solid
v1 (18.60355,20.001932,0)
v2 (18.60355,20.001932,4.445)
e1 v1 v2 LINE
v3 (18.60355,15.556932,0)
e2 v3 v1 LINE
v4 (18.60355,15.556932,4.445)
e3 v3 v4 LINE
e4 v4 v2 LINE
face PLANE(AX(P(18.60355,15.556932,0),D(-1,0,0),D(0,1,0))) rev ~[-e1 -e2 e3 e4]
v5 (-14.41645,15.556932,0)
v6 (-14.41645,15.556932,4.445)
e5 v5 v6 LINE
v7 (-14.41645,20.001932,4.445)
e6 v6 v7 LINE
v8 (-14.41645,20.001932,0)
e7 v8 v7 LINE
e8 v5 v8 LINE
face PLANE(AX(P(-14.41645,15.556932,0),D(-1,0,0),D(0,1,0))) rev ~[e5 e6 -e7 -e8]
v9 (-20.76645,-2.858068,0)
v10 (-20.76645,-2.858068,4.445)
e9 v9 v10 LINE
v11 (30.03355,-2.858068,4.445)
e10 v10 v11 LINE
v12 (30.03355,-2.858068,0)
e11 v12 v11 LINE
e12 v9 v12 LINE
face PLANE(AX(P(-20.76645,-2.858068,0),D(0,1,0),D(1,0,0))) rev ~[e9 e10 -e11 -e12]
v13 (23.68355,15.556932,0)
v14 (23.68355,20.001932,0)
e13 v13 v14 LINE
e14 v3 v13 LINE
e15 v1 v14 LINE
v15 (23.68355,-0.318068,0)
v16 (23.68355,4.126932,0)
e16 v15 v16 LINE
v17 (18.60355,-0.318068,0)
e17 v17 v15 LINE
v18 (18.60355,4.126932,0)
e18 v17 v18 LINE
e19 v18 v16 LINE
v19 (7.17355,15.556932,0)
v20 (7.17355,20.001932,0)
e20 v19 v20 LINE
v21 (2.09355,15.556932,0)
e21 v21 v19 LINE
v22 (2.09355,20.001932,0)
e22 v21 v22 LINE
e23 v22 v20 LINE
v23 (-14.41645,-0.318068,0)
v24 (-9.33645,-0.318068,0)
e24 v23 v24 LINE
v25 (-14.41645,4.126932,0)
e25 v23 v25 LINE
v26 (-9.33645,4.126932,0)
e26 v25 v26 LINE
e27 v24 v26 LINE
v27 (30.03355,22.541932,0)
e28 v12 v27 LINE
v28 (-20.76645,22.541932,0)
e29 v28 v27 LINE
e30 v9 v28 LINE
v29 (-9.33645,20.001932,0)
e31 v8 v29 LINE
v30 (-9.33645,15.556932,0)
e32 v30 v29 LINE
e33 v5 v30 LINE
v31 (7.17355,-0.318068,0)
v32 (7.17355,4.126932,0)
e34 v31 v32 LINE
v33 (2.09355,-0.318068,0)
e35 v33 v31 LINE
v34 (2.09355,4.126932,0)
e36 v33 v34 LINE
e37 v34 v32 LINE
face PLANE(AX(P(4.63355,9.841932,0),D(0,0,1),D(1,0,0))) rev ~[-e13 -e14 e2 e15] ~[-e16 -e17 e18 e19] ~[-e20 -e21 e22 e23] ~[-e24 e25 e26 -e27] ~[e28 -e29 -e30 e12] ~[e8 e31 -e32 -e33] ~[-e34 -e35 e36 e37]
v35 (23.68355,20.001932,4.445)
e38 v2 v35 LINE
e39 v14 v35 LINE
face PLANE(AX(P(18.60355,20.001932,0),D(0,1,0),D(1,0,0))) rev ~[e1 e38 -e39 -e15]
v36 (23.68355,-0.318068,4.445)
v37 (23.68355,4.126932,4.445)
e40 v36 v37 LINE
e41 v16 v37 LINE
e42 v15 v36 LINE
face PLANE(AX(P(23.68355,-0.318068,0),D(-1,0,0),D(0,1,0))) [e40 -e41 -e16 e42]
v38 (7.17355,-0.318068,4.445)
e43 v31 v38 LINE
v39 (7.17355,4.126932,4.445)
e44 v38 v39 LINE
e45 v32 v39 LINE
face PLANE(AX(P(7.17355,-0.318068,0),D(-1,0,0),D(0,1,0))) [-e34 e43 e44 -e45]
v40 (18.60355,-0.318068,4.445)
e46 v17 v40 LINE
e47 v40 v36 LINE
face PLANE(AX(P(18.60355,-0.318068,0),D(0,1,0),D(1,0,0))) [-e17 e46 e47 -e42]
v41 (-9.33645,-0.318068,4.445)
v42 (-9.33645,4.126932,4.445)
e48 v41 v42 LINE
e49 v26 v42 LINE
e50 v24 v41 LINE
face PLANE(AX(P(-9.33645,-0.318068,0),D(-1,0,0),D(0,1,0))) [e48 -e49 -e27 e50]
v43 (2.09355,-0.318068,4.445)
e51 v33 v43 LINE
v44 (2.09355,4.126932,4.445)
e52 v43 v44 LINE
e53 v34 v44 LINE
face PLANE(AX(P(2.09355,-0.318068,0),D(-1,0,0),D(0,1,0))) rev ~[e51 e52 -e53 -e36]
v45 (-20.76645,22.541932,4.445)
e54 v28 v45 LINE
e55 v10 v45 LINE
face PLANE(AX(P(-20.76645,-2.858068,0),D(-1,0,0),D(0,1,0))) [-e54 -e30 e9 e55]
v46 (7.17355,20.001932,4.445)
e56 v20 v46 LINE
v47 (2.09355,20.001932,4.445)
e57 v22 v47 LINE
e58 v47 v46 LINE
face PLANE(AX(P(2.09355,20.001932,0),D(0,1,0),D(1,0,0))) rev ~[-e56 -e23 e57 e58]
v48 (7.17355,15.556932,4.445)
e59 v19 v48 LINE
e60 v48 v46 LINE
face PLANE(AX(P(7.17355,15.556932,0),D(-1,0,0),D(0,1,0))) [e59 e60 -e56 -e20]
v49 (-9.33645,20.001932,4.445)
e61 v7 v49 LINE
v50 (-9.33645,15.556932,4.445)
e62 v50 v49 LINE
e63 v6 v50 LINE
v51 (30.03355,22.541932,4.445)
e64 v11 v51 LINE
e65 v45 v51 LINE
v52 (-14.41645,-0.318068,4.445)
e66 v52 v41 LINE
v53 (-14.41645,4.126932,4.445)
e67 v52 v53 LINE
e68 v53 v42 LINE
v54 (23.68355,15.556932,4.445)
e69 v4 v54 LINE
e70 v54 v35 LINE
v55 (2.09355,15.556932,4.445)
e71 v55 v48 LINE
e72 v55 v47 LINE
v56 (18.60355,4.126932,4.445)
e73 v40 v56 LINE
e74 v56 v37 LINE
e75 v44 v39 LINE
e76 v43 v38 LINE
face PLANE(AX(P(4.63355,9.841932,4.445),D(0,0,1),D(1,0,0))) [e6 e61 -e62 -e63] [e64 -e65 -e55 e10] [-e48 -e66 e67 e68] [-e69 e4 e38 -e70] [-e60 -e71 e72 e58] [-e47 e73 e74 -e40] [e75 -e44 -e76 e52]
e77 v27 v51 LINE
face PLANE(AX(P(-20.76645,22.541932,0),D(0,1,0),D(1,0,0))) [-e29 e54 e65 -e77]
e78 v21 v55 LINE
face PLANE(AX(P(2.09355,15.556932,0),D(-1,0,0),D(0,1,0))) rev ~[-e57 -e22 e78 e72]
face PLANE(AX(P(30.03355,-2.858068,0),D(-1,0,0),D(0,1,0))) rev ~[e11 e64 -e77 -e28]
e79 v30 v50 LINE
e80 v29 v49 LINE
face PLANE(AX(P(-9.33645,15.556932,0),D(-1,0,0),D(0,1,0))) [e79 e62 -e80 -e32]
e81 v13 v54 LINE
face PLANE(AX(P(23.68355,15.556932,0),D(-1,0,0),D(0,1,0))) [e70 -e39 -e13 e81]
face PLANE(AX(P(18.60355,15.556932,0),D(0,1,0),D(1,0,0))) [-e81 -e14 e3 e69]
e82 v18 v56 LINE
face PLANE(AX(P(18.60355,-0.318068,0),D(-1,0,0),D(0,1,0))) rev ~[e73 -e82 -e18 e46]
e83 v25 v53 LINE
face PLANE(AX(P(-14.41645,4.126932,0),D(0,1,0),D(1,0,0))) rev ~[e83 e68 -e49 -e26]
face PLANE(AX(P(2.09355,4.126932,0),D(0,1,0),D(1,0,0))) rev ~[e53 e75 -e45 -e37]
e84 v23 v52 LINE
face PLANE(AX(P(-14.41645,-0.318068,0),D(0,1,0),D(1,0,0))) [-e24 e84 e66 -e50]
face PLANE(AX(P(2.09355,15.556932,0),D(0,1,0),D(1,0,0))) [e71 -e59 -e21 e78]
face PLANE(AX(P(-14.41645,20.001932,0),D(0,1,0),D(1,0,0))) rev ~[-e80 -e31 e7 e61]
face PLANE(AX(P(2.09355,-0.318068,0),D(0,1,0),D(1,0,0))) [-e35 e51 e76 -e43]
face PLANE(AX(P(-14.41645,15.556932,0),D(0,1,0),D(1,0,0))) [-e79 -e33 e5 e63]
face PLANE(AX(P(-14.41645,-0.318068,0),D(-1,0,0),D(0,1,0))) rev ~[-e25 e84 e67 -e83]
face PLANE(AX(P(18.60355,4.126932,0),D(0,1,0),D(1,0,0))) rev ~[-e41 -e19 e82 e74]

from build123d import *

# Parameters (mm, degrees)
F0_W     = 50.8
F0_H     = 25.4
F0_W_2   = 5.08
F0_H_2   = 4.445
F1_DEPTH = 4.445


with BuildPart() as f1:
    # F0 (on Top) → F1 (new body)
    with BuildSketch(Plane.XY):
        with Locations((4.63355, 9.841932)):
            Rectangle(F0_W, F0_H)
        with Locations((-11.87645, 1.904432)):
            Rectangle(F0_W_2, F0_H_2, mode=Mode.SUBTRACT)
        with Locations((4.63355, 1.904432)):
            Rectangle(F0_W_2, F0_H_2, mode=Mode.SUBTRACT)
        with Locations((21.14355, 1.904432)):
            Rectangle(F0_W_2, F0_H_2, mode=Mode.SUBTRACT)
        with Locations((-11.87645, 17.779432)):
            Rectangle(F0_W_2, F0_H_2, mode=Mode.SUBTRACT)
        with Locations((4.63355, 17.779432)):
            Rectangle(F0_W_2, F0_H_2, mode=Mode.SUBTRACT)
        with Locations((21.14355, 17.779432)):
            Rectangle(F0_W_2, F0_H_2, mode=Mode.SUBTRACT)
    extrude(amount=F1_DEPTH)


solid = f1.part
